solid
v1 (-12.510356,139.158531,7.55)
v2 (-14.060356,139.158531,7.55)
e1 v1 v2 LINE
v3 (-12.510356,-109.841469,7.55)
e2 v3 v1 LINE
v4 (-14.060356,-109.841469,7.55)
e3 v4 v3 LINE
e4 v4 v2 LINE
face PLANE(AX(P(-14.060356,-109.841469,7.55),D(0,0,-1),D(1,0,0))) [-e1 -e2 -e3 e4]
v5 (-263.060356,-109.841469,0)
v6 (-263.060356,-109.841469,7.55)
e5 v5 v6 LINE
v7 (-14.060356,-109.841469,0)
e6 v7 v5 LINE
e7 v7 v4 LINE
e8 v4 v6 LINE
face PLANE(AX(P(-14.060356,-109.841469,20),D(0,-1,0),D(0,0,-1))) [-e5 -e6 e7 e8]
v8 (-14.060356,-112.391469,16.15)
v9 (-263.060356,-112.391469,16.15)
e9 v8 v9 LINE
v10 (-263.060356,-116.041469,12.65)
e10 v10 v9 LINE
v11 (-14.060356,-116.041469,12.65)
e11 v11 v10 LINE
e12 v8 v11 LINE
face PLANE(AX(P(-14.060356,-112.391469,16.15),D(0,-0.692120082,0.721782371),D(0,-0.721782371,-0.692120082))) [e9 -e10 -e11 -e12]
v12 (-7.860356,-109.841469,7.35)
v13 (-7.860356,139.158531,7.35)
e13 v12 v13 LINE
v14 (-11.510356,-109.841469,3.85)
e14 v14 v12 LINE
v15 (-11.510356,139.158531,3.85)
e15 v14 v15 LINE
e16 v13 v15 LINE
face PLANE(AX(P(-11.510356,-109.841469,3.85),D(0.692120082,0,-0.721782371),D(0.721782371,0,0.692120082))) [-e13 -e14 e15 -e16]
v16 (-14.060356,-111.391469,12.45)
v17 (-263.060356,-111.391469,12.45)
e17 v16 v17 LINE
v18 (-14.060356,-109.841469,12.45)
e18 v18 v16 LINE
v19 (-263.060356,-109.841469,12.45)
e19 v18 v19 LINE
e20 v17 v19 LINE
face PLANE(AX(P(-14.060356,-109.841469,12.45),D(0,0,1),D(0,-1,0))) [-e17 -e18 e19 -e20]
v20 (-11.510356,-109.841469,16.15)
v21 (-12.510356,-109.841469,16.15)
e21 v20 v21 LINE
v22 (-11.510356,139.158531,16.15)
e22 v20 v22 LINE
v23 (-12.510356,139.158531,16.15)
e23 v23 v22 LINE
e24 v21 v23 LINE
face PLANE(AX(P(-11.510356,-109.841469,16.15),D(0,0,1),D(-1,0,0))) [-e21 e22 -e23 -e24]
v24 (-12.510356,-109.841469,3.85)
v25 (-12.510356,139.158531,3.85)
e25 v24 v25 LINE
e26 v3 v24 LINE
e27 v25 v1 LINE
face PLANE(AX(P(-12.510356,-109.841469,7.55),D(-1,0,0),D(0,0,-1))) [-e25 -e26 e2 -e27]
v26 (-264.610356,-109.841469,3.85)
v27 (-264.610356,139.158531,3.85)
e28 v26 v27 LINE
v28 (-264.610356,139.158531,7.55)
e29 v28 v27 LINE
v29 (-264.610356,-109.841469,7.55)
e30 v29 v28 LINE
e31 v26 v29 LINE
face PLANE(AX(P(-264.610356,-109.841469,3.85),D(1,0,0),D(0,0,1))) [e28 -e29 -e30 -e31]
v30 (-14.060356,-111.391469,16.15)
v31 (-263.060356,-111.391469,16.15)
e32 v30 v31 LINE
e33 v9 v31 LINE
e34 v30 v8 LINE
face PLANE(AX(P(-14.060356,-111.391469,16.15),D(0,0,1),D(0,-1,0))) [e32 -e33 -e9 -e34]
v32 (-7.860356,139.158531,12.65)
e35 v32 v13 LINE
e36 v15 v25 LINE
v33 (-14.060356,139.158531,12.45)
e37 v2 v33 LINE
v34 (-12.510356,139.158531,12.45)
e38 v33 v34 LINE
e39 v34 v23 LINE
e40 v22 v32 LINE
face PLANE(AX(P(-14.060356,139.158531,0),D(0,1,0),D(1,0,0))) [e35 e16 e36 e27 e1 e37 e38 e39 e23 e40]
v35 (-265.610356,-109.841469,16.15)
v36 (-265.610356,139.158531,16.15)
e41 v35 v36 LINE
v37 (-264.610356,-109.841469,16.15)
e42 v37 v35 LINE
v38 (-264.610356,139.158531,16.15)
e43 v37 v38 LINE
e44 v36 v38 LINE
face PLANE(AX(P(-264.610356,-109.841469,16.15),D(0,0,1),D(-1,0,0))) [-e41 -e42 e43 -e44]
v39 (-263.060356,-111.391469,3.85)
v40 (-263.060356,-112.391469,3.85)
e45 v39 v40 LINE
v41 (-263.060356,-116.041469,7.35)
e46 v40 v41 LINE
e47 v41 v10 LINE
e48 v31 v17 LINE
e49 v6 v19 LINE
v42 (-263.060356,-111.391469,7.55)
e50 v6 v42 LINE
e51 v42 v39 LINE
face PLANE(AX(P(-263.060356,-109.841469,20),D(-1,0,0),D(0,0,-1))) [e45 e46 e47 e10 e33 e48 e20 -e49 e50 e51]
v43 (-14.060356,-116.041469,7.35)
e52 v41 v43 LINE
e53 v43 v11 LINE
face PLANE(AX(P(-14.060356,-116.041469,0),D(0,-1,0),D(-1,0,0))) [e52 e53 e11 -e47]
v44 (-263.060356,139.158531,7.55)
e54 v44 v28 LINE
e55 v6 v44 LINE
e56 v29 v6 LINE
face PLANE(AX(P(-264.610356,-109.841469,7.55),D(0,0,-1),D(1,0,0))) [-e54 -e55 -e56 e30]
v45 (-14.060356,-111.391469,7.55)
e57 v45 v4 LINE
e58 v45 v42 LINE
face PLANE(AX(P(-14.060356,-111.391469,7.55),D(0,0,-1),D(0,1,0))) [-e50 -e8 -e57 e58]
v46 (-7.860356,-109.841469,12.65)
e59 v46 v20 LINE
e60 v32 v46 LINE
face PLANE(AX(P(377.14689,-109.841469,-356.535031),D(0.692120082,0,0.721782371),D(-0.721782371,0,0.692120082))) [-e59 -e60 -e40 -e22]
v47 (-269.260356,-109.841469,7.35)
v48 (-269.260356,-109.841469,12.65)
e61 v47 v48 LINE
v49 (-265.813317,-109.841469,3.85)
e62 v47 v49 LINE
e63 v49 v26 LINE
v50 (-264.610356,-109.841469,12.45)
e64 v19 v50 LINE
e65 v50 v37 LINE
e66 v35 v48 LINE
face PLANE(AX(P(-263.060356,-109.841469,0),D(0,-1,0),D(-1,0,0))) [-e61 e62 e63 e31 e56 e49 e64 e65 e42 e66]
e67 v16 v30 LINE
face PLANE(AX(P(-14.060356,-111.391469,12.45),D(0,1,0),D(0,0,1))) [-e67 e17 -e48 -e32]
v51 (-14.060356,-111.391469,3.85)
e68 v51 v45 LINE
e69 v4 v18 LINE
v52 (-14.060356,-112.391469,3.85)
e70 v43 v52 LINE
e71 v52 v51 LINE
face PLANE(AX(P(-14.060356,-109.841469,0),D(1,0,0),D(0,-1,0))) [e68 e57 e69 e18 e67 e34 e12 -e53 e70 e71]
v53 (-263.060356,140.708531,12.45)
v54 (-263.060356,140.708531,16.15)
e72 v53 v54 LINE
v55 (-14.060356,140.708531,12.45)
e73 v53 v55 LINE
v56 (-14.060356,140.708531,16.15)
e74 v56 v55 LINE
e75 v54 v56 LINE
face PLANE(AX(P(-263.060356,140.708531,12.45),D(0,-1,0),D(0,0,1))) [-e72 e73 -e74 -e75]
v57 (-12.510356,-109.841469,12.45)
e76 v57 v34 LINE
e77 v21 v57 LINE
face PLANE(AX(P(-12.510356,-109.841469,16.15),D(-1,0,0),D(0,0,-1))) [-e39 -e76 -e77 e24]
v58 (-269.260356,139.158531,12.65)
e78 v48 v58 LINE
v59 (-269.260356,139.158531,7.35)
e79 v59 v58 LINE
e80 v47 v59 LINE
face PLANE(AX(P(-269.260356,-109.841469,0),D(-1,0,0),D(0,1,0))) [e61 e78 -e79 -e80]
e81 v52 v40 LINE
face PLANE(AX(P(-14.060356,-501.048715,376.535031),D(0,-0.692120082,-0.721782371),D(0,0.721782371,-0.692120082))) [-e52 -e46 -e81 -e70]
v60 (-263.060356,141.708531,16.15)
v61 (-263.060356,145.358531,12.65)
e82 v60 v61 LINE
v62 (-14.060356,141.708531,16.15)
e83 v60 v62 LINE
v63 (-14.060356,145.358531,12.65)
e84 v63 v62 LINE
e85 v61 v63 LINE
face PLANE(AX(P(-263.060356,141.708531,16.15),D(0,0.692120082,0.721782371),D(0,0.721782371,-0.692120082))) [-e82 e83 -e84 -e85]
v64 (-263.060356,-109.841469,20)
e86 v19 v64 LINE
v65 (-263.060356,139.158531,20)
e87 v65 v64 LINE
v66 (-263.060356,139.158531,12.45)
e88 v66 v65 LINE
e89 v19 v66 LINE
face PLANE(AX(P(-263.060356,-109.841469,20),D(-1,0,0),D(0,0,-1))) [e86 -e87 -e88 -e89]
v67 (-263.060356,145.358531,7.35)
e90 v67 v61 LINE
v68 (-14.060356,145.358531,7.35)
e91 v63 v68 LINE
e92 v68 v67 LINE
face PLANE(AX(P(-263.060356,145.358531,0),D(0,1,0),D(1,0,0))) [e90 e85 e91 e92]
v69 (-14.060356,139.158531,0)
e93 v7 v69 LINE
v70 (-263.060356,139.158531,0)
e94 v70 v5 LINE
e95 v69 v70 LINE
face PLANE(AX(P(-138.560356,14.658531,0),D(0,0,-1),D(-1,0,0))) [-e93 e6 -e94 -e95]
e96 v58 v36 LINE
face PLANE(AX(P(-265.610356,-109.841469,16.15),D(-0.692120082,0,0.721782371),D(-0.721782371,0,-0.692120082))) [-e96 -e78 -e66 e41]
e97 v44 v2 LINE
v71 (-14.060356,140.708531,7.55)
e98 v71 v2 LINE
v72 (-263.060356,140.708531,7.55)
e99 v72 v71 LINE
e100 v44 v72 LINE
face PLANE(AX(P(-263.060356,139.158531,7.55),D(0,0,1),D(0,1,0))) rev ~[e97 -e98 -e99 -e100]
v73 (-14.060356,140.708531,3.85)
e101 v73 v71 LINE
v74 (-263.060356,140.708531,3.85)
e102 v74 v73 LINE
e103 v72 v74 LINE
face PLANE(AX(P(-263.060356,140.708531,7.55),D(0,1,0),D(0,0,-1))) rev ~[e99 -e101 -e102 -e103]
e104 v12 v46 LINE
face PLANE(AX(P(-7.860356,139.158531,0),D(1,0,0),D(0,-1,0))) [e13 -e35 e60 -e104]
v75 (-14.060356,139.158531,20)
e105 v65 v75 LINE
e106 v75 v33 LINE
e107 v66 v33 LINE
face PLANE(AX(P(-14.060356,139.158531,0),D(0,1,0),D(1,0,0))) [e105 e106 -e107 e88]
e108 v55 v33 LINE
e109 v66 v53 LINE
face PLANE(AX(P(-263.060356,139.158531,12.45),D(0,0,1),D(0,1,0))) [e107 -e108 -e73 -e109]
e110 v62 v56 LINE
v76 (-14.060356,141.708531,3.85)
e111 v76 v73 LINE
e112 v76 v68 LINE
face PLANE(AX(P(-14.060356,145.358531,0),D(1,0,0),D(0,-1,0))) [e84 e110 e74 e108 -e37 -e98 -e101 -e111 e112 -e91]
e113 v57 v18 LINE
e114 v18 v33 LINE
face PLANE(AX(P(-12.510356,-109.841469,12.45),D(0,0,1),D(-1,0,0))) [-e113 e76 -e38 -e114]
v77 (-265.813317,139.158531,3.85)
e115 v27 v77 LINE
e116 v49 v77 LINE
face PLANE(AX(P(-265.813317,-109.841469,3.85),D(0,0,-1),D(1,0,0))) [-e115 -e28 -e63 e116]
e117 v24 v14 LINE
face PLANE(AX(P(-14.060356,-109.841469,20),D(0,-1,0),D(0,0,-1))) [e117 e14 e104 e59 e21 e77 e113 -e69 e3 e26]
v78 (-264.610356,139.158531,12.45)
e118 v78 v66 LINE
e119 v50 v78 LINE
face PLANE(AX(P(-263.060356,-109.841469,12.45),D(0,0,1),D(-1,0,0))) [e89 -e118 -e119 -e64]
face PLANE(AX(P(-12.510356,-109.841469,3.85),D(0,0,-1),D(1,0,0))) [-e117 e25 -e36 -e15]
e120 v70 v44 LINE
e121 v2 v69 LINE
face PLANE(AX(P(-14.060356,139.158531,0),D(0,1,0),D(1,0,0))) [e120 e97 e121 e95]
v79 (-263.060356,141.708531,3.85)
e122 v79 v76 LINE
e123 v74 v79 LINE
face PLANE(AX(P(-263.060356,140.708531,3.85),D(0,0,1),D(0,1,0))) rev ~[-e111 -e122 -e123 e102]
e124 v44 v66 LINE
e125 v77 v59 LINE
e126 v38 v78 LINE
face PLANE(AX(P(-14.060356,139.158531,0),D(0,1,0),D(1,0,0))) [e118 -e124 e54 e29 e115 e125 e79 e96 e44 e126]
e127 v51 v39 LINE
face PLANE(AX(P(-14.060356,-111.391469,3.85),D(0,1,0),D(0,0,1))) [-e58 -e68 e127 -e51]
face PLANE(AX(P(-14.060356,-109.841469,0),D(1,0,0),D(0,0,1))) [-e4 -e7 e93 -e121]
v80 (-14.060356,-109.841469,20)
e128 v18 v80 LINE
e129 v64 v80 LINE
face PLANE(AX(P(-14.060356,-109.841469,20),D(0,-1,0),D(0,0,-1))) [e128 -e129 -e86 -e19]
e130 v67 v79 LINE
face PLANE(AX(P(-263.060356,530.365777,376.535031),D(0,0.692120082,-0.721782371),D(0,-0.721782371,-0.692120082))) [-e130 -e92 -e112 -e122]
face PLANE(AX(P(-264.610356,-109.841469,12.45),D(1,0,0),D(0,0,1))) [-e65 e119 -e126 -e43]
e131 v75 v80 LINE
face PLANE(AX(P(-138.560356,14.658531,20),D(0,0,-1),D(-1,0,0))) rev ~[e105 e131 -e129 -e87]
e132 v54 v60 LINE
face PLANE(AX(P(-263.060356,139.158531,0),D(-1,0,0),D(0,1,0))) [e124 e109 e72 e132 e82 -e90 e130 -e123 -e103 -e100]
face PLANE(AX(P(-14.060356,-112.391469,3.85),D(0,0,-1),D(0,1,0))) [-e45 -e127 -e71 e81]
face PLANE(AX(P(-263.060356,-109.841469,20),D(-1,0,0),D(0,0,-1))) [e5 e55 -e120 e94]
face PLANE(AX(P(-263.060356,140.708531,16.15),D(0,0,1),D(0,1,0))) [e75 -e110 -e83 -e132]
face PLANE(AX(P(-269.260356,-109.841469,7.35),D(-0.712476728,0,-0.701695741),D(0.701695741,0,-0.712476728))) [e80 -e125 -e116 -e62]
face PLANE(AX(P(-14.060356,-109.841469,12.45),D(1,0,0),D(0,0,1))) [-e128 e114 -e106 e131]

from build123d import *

# Parameters (mm, degrees)
BOSS_EXTRU_3_DEPTH            = 20
ENL_V_MAT_EXTRU_11_DEPTH      = 295.374154069
ENL_V_MAT_EXTRU_11_DEPTH_BACK = 249
ENL_V_MAT_EXTRU_12_DEPTH      = 295.374154069
ENL_V_MAT_EXTRU_12_DEPTH_BACK = 249
ENL_V_MAT_EXTRU_13_DEPTH      = 372.52143865
ENL_V_MAT_EXTRU_13_DEPTH_BACK = 249
ENL_V_MAT_EXTRU_14_DEPTH      = 372.52143865
ENL_V_MAT_EXTRU_14_DEPTH_BACK = 249
ENL_V_MAT_EXTRU_15_DEPTH      = 295.374154069
ENL_V_MAT_EXTRU_15_DEPTH_BACK = 249
ENL_V_MAT_EXTRU_16_DEPTH      = 295.374154069
ENL_V_MAT_EXTRU_16_DEPTH_BACK = 249
ENL_V_MAT_EXTRU_17_DEPTH      = 372.52143865
ENL_V_MAT_EXTRU_17_DEPTH_BACK = 249
ENL_V_MAT_EXTRU_18_DEPTH      = 372.52143865
ENL_V_MAT_EXTRU_18_DEPTH_BACK = 249


with BuildPart() as part:
    # Esquisse1 → Boss.-Extru.3 (new body)
    with BuildSketch(Plane.XY):
        Polygon((-263.060356118, 145.358531169), (-14.060356118, 145.358531169), (-14.060356118, 139.158531169), (-7.860356118, 139.158531169), (-7.860356118, -109.841468831), (-14.060356118, -109.841468831), (-14.060356118, -116.041468831), (-263.060356118, -116.041468831), (-263.060356118, -109.841468831), (-269.260356118, -109.841468831), (-269.260356118, 139.158531169), (-263.060356118, 139.158531169), align=None)
    extrude(amount=BOSS_EXTRU_3_DEPTH)

    # Esquisse4 → Enlèv. mat.-Extru.11 (cut, two sides: drawn at the far end of the back side and taken through both)
    with BuildSketch(Plane(origin=(-14.060356118, 0, 0), x_dir=(0, 0, -1), z_dir=(1, 0, 0)).offset(-ENL_V_MAT_EXTRU_11_DEPTH_BACK)):
        Polygon((-553.411816833, 139.158531169), (-20, 139.158531169), (-12.45, 139.158531169), (-12.45, 140.708531169), (-16.15, 140.708531169), (-16.15, 141.708531169), (-12.65, 145.358531169), (356.535030531, 530.365777294), (-64.826371106, 1510.451097334), (-974.77321847, 1119.243851209), align=None)
    extrude(amount=ENL_V_MAT_EXTRU_11_DEPTH + ENL_V_MAT_EXTRU_11_DEPTH_BACK, mode=Mode.SUBTRACT)

    # Esquisse8 → Enlèv. mat.-Extru.12 (cut, two sides: drawn at the far end of the back side and taken through both)
    with BuildSketch(Plane(origin=(-14.060356118, 0, 0), x_dir=(0, 0, -1), z_dir=(1, 0, 0)).offset(-ENL_V_MAT_EXTRU_12_DEPTH_BACK)):
        Polygon((533.411816833, 139.158531169), (0, 139.158531169), (-7.55, 139.158531169), (-7.55, 140.708531169), (-3.85, 140.708531169), (-3.85, 141.708531169), (-7.35, 145.358531169), (-376.535030531, 530.365777294), (44.826371106, 1510.451097334), (954.77321847, 1119.243851209), align=None)
    extrude(amount=ENL_V_MAT_EXTRU_12_DEPTH + ENL_V_MAT_EXTRU_12_DEPTH_BACK, mode=Mode.SUBTRACT)

    # Esquisse10 → Enlèv. mat.-Extru.13 (cut, two sides: drawn at the far end of the back side and taken through both)
    with BuildSketch(Plane(origin=(0, 139.158531169, 0), x_dir=(1, 0, 0), z_dir=(0, 1, 0)).offset(-ENL_V_MAT_EXTRU_13_DEPTH_BACK)):
        Polygon((-654.267602243, 356.535030531), (-269.260356118, -12.65), (-265.610356118, -16.15), (-264.610356118, -16.15), (-264.610356118, -12.45), (-263.060356118, -12.45), (-263.060356118, -20), (-263.060356118, -553.411816833), (-1243.145676157, -974.77321847), (-1634.352922282, -64.826371106), align=None)
    extrude(amount=ENL_V_MAT_EXTRU_13_DEPTH + ENL_V_MAT_EXTRU_13_DEPTH_BACK, mode=Mode.SUBTRACT)

    # Esquisse11 → Enlèv. mat.-Extru.14 (cut, two sides: drawn at the far end of the back side and taken through both)
    with BuildSketch(Plane(origin=(0, 139.158531169, 0), x_dir=(1, 0, 0), z_dir=(0, 1, 0)).offset(-ENL_V_MAT_EXTRU_14_DEPTH_BACK)):
        Polygon((-643.553156031, -387.393505759), (-269.260356118, -7.35), (-265.813317082, -3.85), (-264.610356118, -3.85), (-264.610356118, -7.55), (-263.060356118, -7.55), (-263.060356118, 0), (-263.060356118, 533.411816833), (-1249.023765439, 940.82907325), (-1629.516565352, 20.023750658), align=None)
    extrude(amount=ENL_V_MAT_EXTRU_14_DEPTH + ENL_V_MAT_EXTRU_14_DEPTH_BACK, mode=Mode.SUBTRACT)

    # Esquisse12 → Enlèv. mat.-Extru.15 (cut, two sides: drawn at the far end of the back side and taken through both)
    with BuildSketch(Plane.ZY.offset(263.060356118).offset(-ENL_V_MAT_EXTRU_15_DEPTH_BACK)):
        Polygon((-356.535030531, -501.048714956), (12.65, -116.041468831), (16.15, -112.391468831), (16.15, -111.391468831), (12.45, -111.391468831), (12.45, -109.841468831), (20, -109.841468831), (553.411816833, -109.841468831), (974.77321847, -1089.92678887), (64.826371106, -1481.134034995), align=None)
    extrude(amount=ENL_V_MAT_EXTRU_15_DEPTH + ENL_V_MAT_EXTRU_15_DEPTH_BACK, mode=Mode.SUBTRACT)

    # Esquisse13 → Enlèv. mat.-Extru.16 (cut, two sides: drawn at the far end of the back side and taken through both)
    with BuildSketch(Plane.ZY.offset(263.060356118).offset(-ENL_V_MAT_EXTRU_16_DEPTH_BACK)):
        Polygon((376.535030531, -501.048714956), (7.35, -116.041468831), (3.85, -112.391468831), (3.85, -111.391468831), (7.55, -111.391468831), (7.55, -109.841468831), (0, -109.841468831), (-533.411816833, -109.841468831), (-954.77321847, -1089.92678887), (-44.826371106, -1481.134034995), align=None)
    extrude(amount=ENL_V_MAT_EXTRU_16_DEPTH + ENL_V_MAT_EXTRU_16_DEPTH_BACK, mode=Mode.SUBTRACT)

    # Esquisse15 → Enlèv. mat.-Extru.17 (cut, two sides: drawn at the far end of the back side and taken through both)
    with BuildSketch(Plane(origin=(0, 139.158531169, 0), x_dir=(1, 0, 0), z_dir=(0, 1, 0)).offset(-ENL_V_MAT_EXTRU_17_DEPTH_BACK)):
        Polygon((377.146890007, -376.535030531), (-7.860356118, -7.35), (-11.510356118, -3.85), (-12.510356118, -3.85), (-12.510356118, -7.55), (-14.060356118, -7.55), (-14.060356118, 0), (-14.060356118, 533.411816833), (966.024963922, 954.77321847), (1357.232210047, 44.826371106), align=None)
    extrude(amount=ENL_V_MAT_EXTRU_17_DEPTH + ENL_V_MAT_EXTRU_17_DEPTH_BACK, mode=Mode.SUBTRACT)

    # Esquisse16 → Enlèv. mat.-Extru.18 (cut, two sides: drawn at the far end of the back side and taken through both)
    with BuildSketch(Plane(origin=(0, 139.158531169, 0), x_dir=(1, 0, 0), z_dir=(0, 1, 0)).offset(-ENL_V_MAT_EXTRU_18_DEPTH_BACK)):
        Polygon((377.146890007, 356.535030531), (-7.860356118, -12.65), (-11.510356118, -16.15), (-12.510356118, -16.15), (-12.510356118, -12.45), (-14.060356118, -12.45), (-14.060356118, -20), (-14.060356118, -553.411816833), (966.024963922, -974.77321847), (1357.232210047, -64.826371106), align=None)
    extrude(amount=ENL_V_MAT_EXTRU_18_DEPTH + ENL_V_MAT_EXTRU_18_DEPTH_BACK, mode=Mode.SUBTRACT)


solid = part.part
